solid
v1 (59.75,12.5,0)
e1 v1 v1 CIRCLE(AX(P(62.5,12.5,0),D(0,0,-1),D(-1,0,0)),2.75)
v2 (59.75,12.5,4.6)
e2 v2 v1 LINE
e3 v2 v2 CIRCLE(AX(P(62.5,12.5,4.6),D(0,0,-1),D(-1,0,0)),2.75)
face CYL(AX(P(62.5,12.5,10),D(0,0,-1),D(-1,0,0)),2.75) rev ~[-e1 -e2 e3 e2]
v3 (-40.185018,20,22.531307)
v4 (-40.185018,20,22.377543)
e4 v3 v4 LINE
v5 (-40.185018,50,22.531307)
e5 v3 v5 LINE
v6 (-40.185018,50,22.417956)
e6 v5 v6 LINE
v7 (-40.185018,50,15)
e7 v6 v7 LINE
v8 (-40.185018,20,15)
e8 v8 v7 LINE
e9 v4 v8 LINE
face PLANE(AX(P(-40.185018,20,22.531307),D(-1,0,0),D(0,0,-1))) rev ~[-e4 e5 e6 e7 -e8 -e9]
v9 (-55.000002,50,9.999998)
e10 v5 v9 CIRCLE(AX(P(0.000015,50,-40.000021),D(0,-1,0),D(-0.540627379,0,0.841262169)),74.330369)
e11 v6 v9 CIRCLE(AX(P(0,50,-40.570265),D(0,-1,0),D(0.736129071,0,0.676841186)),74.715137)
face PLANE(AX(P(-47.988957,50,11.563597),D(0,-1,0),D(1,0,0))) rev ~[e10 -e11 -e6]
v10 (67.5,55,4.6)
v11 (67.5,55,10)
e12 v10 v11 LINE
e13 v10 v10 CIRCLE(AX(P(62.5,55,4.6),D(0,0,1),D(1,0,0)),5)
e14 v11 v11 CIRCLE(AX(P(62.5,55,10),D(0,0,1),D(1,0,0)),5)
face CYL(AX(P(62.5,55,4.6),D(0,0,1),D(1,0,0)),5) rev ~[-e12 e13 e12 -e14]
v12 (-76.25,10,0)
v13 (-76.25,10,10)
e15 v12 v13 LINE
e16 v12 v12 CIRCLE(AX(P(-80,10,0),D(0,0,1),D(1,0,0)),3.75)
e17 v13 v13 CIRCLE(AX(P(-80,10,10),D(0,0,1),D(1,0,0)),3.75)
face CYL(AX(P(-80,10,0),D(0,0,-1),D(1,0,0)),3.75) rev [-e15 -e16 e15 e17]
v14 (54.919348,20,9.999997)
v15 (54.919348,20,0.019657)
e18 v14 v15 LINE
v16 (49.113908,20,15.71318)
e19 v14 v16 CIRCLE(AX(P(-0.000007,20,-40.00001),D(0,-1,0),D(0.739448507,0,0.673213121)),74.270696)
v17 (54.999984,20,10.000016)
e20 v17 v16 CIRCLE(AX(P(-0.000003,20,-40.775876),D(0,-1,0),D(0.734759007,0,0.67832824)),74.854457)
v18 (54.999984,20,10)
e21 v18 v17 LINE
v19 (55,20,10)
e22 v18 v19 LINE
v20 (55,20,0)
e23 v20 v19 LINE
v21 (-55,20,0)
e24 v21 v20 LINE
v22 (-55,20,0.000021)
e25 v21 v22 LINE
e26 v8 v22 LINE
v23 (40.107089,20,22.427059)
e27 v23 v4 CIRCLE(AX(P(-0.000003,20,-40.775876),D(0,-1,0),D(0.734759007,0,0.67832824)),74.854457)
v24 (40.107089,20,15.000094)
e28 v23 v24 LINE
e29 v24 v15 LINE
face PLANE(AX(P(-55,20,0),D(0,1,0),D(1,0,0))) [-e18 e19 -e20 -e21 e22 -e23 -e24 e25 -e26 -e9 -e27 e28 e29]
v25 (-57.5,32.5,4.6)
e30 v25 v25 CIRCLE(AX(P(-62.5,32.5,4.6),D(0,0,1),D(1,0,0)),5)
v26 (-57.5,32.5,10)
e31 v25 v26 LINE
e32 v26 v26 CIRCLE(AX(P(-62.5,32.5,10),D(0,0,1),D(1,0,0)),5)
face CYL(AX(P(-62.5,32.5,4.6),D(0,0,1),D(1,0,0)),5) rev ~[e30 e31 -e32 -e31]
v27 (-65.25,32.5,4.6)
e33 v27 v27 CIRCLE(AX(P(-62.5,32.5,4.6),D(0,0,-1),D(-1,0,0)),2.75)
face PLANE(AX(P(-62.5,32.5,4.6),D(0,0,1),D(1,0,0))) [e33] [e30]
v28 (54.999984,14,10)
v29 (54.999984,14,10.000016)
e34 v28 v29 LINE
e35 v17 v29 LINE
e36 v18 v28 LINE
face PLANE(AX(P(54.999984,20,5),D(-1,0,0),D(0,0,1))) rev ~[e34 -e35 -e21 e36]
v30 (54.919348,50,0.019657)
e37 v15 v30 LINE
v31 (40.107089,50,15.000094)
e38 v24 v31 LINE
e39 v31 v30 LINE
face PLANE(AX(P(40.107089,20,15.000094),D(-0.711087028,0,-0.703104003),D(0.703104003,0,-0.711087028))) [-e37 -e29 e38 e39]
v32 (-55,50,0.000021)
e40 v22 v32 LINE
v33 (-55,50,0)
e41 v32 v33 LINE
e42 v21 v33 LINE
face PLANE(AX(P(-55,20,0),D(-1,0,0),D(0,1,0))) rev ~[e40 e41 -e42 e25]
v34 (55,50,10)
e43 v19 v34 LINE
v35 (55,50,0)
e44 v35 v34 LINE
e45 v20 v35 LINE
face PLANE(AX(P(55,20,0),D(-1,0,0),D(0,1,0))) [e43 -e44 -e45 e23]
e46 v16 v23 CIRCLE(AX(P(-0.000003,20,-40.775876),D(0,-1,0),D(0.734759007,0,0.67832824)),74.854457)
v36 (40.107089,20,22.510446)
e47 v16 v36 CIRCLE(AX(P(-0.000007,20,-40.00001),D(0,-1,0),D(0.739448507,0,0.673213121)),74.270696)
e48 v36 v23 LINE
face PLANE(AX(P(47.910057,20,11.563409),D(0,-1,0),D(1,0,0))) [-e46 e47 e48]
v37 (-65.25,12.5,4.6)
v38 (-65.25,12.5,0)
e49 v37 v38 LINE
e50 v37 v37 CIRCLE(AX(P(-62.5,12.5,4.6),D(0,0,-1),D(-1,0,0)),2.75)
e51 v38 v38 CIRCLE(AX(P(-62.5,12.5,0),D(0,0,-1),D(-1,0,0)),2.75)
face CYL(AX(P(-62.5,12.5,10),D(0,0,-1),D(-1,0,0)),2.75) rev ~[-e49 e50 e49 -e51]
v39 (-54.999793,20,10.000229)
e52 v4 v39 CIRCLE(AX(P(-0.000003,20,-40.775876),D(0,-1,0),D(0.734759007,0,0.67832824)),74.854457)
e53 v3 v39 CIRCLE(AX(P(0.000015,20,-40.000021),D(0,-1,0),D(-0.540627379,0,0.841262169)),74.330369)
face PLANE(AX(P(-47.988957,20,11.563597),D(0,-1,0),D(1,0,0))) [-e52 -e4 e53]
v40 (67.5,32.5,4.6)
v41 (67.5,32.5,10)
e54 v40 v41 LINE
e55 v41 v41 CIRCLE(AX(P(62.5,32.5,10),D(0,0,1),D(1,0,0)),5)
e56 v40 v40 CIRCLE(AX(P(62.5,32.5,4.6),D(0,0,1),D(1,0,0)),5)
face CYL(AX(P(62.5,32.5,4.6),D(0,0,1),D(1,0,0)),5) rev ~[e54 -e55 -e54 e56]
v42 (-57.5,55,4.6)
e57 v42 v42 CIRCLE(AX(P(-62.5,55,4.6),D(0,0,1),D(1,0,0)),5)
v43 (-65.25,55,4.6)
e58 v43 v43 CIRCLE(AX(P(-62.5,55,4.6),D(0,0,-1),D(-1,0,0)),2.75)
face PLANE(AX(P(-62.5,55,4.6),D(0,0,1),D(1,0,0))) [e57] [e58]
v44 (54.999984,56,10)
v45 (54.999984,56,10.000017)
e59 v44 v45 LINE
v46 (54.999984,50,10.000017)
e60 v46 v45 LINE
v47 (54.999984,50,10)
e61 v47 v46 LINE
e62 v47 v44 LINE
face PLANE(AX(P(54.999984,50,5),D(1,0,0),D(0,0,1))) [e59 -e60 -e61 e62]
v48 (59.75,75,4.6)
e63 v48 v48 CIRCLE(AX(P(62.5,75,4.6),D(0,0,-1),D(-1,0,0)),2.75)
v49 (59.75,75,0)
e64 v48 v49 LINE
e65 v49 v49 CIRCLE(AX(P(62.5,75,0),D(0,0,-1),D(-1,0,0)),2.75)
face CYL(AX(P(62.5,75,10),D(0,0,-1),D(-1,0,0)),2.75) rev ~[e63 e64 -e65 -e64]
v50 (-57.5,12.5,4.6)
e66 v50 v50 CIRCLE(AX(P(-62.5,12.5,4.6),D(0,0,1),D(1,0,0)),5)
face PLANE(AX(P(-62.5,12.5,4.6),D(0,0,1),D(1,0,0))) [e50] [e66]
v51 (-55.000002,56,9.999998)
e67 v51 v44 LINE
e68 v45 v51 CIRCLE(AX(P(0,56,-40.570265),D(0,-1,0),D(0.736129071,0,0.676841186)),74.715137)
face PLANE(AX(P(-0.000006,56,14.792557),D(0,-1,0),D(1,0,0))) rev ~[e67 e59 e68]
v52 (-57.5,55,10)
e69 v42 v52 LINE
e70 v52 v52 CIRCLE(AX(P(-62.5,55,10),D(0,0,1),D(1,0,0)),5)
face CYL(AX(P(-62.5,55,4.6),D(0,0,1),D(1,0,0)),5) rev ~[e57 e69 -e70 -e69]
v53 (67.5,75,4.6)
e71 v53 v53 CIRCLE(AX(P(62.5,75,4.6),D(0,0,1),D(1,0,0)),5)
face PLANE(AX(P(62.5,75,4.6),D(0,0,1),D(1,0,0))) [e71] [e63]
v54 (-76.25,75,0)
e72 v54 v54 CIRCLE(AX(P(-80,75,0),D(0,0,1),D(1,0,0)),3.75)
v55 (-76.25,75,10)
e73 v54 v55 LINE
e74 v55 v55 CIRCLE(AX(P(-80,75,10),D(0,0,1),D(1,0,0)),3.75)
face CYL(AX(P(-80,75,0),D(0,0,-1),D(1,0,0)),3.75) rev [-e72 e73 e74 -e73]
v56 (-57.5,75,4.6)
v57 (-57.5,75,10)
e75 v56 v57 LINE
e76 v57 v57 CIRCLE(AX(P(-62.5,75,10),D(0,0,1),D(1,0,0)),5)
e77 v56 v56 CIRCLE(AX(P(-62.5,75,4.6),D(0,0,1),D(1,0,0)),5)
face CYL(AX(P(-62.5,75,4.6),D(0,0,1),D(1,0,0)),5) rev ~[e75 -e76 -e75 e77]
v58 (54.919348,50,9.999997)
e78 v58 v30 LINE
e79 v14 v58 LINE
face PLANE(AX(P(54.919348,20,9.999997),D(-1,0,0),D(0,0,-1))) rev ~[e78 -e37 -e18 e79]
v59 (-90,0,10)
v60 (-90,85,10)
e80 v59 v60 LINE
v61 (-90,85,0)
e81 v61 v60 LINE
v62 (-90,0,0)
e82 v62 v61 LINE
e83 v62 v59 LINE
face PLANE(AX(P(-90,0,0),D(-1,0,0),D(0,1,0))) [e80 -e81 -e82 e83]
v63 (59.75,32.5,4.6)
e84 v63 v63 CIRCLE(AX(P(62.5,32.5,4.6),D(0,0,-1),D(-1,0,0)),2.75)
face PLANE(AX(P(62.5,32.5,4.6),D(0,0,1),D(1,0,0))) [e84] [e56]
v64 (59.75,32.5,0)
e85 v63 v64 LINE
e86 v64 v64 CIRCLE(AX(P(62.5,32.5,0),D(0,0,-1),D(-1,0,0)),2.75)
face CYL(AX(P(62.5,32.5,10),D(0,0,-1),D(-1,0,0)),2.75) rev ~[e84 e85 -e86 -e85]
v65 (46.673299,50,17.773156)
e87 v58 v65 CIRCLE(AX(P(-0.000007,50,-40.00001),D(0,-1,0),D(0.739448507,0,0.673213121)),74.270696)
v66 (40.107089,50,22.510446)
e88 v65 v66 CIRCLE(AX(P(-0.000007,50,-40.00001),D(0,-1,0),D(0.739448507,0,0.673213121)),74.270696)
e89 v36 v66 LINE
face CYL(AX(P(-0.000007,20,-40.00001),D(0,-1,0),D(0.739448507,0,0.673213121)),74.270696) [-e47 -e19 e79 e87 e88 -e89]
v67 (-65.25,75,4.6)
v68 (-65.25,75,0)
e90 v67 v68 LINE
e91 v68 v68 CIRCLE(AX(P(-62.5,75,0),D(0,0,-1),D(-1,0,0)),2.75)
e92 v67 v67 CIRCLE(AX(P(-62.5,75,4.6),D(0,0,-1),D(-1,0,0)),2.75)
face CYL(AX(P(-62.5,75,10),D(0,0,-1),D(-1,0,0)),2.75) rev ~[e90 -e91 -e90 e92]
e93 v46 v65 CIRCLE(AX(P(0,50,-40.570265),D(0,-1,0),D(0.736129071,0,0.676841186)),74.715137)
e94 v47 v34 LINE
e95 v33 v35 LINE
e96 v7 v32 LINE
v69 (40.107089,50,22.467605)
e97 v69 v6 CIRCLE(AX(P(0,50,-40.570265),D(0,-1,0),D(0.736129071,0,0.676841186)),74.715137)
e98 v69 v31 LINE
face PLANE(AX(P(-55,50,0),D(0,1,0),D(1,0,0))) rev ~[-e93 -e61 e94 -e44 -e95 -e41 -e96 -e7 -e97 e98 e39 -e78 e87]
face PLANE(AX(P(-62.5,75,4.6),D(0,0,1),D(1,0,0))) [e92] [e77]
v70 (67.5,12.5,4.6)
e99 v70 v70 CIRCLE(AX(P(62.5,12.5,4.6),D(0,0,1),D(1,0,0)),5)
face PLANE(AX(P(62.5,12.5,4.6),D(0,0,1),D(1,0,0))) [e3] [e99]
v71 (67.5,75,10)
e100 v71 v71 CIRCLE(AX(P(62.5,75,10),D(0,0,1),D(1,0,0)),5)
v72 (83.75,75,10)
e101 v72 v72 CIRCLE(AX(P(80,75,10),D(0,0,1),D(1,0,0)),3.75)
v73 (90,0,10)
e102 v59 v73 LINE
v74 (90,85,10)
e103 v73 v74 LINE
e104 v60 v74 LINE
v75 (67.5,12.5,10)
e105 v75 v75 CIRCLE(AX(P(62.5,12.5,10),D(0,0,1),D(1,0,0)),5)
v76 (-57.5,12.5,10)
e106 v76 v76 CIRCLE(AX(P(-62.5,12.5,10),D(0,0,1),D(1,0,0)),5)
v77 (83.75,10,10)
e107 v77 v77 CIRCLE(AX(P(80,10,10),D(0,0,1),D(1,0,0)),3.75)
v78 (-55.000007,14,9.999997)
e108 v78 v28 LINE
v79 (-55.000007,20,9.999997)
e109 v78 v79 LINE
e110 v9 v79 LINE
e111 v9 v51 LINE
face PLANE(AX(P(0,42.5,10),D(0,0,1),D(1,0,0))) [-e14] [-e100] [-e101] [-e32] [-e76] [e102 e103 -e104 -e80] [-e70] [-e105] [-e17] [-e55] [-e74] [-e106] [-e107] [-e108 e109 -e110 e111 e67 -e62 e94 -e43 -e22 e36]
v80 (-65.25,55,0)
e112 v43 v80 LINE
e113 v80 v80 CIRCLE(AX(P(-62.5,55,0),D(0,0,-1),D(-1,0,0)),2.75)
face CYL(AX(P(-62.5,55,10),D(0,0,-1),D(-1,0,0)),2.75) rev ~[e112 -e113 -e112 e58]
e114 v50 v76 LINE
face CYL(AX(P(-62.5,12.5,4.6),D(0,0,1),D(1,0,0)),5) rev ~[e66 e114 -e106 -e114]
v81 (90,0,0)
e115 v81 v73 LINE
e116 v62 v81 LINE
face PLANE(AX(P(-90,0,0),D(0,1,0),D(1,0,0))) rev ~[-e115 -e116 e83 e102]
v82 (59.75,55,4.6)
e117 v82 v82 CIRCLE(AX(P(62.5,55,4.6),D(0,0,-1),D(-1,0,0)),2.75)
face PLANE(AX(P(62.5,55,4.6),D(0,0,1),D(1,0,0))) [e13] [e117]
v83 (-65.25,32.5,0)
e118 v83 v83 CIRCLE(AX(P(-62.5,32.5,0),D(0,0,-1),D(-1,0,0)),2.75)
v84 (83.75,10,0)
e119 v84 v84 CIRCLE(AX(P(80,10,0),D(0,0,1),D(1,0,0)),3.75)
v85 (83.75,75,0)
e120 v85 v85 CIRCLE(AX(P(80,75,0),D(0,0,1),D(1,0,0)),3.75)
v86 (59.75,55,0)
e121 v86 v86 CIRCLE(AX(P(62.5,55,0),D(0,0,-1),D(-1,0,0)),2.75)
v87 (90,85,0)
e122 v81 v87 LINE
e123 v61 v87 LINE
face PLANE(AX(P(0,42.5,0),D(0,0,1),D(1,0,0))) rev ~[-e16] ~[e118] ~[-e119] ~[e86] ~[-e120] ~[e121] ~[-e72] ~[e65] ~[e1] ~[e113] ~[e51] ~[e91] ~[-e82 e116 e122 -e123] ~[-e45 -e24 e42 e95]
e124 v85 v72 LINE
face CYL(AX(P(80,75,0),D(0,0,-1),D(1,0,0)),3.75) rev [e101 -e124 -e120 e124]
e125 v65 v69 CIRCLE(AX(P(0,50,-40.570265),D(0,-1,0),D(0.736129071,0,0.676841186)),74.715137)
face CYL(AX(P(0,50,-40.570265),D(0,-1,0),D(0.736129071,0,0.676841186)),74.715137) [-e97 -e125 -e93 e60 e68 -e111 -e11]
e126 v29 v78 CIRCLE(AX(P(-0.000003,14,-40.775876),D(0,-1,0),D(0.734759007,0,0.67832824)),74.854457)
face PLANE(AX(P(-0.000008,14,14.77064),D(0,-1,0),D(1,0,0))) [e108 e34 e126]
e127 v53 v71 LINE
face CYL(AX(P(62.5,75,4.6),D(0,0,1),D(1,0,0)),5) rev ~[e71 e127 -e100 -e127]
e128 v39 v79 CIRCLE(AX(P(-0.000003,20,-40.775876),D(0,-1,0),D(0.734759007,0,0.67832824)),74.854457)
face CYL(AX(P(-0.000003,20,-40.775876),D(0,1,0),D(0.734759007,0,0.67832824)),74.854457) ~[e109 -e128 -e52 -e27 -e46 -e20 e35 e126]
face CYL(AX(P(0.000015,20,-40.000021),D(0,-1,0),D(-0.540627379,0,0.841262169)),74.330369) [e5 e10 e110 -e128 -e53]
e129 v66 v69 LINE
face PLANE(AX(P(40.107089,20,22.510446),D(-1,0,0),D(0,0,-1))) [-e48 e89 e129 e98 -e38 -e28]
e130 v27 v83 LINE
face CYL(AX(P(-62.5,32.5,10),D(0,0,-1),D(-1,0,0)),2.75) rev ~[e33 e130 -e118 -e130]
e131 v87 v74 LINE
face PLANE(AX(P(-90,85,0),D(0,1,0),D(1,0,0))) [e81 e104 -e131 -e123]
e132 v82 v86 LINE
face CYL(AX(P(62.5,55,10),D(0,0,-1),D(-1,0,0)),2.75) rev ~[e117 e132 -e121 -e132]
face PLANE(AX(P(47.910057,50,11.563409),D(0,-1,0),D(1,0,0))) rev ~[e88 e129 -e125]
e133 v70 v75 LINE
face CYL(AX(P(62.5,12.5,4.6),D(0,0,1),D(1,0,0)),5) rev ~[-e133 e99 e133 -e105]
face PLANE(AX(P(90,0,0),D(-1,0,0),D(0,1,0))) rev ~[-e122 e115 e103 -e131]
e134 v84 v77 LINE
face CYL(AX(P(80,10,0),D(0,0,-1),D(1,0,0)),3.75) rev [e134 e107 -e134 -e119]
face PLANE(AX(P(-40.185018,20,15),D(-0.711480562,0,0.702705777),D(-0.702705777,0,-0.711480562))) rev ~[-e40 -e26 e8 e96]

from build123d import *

# Parameters (mm, degrees)
SKETCH005_W         = 180
SKETCH005_H         = 85
SKETCH005_R         = 3.75
SKETCH005_W_2       = 110
SKETCH005_H_2       = 30
PAD005_DEPTH        = 10
PAD006_DEPTH        = 6
PAD007_DEPTH        = 6
HOLE005_D           = 5.5
HOLE005_DEPTH       = 25
HOLE005_CBORE_D     = 10
HOLE005_CBORE_DEPTH = 5.4
PAD025_DEPTH        = 30


with BuildPart() as part:
    # Sketch005 → Pad005 (new body)
    with BuildSketch(Plane.XY):
        with Locations((0, 42.5)):
            Rectangle(SKETCH005_W, SKETCH005_H)
        with Locations((-80, 75)):
            Circle(SKETCH005_R, mode=Mode.SUBTRACT)
        with Locations((80, 75)):
            Circle(SKETCH005_R, mode=Mode.SUBTRACT)
        with Locations((-80, 10)):
            Circle(SKETCH005_R, mode=Mode.SUBTRACT)
        with Locations((80, 10)):
            Circle(SKETCH005_R, mode=Mode.SUBTRACT)
        with Locations((0, 35)):
            Rectangle(SKETCH005_W_2, SKETCH005_H_2, mode=Mode.SUBTRACT)
    extrude(amount=PAD005_DEPTH)

    # Sketch006 → Pad006 (join)
    with BuildSketch(Plane.XZ.offset(-20)):
        with BuildLine():
            Line((-55.000007, 9.999997), (-55.000007, 5))
            Line((-55.000007, 5), (54.999984, 5))
            Line((54.999984, 5), (54.999984, 10.000016))
            ThreePointArc((54.999984, 10.000016), (-1.6e-05, 34.078581), (-55.000007, 9.999997))
        make_face()
    extrude(amount=PAD006_DEPTH)

    # Sketch007 → Pad007 (join)
    with BuildSketch(Plane.XZ.offset(-50)):
        with BuildLine():
            Line((-55.000002, 9.999998), (-55.000002, 5))
            Line((-55.000002, 5), (54.999984, 5))
            Line((54.999984, 5), (54.999984, 10.000017))
            ThreePointArc((54.999984, 10.000017), (-1.3e-05, 34.144872), (-55.000002, 9.999998))
        make_face()
    extrude(amount=-PAD007_DEPTH)

    # Hole005
    with Locations(Plane.XY.offset(10)):
        with Locations((-62.5, 12.5), (-62.5, 32.5), (-62.5, 55), (-62.5, 75), (62.5, 12.5), (62.5, 32.5), (62.5, 55), (62.5, 75)):
            CounterBoreHole(HOLE005_D / 2, HOLE005_CBORE_D / 2, HOLE005_CBORE_DEPTH, depth=HOLE005_DEPTH)

    # Sketch046 → Pad025 (join)
    with BuildSketch(Plane.XZ.offset(-20)):
        with BuildLine():
            ThreePointArc((54.919348, 9.999997), (47.923207, 16.740644), (40.107089, 22.510446))
            Line((40.107089, 22.510446), (40.107089, 15.000094))
            Line((40.107089, 15.000094), (54.919348, 0.019657))
            Line((54.919348, 9.999997), (54.919348, 0.019657))
        make_face()
        with BuildLine():
            ThreePointArc((-40.185018, 22.531307), (-48.003192, 16.751155), (-55.000021, 9.999978))
            Line((-55.000021, 0), (-55.000021, 9.999978))
            Line((-40.185018, 15), (-55.000021, 0))
            Line((-40.185018, 22.531307), (-40.185018, 15))
        make_face()
    extrude(amount=-PAD025_DEPTH)


solid = part.part
